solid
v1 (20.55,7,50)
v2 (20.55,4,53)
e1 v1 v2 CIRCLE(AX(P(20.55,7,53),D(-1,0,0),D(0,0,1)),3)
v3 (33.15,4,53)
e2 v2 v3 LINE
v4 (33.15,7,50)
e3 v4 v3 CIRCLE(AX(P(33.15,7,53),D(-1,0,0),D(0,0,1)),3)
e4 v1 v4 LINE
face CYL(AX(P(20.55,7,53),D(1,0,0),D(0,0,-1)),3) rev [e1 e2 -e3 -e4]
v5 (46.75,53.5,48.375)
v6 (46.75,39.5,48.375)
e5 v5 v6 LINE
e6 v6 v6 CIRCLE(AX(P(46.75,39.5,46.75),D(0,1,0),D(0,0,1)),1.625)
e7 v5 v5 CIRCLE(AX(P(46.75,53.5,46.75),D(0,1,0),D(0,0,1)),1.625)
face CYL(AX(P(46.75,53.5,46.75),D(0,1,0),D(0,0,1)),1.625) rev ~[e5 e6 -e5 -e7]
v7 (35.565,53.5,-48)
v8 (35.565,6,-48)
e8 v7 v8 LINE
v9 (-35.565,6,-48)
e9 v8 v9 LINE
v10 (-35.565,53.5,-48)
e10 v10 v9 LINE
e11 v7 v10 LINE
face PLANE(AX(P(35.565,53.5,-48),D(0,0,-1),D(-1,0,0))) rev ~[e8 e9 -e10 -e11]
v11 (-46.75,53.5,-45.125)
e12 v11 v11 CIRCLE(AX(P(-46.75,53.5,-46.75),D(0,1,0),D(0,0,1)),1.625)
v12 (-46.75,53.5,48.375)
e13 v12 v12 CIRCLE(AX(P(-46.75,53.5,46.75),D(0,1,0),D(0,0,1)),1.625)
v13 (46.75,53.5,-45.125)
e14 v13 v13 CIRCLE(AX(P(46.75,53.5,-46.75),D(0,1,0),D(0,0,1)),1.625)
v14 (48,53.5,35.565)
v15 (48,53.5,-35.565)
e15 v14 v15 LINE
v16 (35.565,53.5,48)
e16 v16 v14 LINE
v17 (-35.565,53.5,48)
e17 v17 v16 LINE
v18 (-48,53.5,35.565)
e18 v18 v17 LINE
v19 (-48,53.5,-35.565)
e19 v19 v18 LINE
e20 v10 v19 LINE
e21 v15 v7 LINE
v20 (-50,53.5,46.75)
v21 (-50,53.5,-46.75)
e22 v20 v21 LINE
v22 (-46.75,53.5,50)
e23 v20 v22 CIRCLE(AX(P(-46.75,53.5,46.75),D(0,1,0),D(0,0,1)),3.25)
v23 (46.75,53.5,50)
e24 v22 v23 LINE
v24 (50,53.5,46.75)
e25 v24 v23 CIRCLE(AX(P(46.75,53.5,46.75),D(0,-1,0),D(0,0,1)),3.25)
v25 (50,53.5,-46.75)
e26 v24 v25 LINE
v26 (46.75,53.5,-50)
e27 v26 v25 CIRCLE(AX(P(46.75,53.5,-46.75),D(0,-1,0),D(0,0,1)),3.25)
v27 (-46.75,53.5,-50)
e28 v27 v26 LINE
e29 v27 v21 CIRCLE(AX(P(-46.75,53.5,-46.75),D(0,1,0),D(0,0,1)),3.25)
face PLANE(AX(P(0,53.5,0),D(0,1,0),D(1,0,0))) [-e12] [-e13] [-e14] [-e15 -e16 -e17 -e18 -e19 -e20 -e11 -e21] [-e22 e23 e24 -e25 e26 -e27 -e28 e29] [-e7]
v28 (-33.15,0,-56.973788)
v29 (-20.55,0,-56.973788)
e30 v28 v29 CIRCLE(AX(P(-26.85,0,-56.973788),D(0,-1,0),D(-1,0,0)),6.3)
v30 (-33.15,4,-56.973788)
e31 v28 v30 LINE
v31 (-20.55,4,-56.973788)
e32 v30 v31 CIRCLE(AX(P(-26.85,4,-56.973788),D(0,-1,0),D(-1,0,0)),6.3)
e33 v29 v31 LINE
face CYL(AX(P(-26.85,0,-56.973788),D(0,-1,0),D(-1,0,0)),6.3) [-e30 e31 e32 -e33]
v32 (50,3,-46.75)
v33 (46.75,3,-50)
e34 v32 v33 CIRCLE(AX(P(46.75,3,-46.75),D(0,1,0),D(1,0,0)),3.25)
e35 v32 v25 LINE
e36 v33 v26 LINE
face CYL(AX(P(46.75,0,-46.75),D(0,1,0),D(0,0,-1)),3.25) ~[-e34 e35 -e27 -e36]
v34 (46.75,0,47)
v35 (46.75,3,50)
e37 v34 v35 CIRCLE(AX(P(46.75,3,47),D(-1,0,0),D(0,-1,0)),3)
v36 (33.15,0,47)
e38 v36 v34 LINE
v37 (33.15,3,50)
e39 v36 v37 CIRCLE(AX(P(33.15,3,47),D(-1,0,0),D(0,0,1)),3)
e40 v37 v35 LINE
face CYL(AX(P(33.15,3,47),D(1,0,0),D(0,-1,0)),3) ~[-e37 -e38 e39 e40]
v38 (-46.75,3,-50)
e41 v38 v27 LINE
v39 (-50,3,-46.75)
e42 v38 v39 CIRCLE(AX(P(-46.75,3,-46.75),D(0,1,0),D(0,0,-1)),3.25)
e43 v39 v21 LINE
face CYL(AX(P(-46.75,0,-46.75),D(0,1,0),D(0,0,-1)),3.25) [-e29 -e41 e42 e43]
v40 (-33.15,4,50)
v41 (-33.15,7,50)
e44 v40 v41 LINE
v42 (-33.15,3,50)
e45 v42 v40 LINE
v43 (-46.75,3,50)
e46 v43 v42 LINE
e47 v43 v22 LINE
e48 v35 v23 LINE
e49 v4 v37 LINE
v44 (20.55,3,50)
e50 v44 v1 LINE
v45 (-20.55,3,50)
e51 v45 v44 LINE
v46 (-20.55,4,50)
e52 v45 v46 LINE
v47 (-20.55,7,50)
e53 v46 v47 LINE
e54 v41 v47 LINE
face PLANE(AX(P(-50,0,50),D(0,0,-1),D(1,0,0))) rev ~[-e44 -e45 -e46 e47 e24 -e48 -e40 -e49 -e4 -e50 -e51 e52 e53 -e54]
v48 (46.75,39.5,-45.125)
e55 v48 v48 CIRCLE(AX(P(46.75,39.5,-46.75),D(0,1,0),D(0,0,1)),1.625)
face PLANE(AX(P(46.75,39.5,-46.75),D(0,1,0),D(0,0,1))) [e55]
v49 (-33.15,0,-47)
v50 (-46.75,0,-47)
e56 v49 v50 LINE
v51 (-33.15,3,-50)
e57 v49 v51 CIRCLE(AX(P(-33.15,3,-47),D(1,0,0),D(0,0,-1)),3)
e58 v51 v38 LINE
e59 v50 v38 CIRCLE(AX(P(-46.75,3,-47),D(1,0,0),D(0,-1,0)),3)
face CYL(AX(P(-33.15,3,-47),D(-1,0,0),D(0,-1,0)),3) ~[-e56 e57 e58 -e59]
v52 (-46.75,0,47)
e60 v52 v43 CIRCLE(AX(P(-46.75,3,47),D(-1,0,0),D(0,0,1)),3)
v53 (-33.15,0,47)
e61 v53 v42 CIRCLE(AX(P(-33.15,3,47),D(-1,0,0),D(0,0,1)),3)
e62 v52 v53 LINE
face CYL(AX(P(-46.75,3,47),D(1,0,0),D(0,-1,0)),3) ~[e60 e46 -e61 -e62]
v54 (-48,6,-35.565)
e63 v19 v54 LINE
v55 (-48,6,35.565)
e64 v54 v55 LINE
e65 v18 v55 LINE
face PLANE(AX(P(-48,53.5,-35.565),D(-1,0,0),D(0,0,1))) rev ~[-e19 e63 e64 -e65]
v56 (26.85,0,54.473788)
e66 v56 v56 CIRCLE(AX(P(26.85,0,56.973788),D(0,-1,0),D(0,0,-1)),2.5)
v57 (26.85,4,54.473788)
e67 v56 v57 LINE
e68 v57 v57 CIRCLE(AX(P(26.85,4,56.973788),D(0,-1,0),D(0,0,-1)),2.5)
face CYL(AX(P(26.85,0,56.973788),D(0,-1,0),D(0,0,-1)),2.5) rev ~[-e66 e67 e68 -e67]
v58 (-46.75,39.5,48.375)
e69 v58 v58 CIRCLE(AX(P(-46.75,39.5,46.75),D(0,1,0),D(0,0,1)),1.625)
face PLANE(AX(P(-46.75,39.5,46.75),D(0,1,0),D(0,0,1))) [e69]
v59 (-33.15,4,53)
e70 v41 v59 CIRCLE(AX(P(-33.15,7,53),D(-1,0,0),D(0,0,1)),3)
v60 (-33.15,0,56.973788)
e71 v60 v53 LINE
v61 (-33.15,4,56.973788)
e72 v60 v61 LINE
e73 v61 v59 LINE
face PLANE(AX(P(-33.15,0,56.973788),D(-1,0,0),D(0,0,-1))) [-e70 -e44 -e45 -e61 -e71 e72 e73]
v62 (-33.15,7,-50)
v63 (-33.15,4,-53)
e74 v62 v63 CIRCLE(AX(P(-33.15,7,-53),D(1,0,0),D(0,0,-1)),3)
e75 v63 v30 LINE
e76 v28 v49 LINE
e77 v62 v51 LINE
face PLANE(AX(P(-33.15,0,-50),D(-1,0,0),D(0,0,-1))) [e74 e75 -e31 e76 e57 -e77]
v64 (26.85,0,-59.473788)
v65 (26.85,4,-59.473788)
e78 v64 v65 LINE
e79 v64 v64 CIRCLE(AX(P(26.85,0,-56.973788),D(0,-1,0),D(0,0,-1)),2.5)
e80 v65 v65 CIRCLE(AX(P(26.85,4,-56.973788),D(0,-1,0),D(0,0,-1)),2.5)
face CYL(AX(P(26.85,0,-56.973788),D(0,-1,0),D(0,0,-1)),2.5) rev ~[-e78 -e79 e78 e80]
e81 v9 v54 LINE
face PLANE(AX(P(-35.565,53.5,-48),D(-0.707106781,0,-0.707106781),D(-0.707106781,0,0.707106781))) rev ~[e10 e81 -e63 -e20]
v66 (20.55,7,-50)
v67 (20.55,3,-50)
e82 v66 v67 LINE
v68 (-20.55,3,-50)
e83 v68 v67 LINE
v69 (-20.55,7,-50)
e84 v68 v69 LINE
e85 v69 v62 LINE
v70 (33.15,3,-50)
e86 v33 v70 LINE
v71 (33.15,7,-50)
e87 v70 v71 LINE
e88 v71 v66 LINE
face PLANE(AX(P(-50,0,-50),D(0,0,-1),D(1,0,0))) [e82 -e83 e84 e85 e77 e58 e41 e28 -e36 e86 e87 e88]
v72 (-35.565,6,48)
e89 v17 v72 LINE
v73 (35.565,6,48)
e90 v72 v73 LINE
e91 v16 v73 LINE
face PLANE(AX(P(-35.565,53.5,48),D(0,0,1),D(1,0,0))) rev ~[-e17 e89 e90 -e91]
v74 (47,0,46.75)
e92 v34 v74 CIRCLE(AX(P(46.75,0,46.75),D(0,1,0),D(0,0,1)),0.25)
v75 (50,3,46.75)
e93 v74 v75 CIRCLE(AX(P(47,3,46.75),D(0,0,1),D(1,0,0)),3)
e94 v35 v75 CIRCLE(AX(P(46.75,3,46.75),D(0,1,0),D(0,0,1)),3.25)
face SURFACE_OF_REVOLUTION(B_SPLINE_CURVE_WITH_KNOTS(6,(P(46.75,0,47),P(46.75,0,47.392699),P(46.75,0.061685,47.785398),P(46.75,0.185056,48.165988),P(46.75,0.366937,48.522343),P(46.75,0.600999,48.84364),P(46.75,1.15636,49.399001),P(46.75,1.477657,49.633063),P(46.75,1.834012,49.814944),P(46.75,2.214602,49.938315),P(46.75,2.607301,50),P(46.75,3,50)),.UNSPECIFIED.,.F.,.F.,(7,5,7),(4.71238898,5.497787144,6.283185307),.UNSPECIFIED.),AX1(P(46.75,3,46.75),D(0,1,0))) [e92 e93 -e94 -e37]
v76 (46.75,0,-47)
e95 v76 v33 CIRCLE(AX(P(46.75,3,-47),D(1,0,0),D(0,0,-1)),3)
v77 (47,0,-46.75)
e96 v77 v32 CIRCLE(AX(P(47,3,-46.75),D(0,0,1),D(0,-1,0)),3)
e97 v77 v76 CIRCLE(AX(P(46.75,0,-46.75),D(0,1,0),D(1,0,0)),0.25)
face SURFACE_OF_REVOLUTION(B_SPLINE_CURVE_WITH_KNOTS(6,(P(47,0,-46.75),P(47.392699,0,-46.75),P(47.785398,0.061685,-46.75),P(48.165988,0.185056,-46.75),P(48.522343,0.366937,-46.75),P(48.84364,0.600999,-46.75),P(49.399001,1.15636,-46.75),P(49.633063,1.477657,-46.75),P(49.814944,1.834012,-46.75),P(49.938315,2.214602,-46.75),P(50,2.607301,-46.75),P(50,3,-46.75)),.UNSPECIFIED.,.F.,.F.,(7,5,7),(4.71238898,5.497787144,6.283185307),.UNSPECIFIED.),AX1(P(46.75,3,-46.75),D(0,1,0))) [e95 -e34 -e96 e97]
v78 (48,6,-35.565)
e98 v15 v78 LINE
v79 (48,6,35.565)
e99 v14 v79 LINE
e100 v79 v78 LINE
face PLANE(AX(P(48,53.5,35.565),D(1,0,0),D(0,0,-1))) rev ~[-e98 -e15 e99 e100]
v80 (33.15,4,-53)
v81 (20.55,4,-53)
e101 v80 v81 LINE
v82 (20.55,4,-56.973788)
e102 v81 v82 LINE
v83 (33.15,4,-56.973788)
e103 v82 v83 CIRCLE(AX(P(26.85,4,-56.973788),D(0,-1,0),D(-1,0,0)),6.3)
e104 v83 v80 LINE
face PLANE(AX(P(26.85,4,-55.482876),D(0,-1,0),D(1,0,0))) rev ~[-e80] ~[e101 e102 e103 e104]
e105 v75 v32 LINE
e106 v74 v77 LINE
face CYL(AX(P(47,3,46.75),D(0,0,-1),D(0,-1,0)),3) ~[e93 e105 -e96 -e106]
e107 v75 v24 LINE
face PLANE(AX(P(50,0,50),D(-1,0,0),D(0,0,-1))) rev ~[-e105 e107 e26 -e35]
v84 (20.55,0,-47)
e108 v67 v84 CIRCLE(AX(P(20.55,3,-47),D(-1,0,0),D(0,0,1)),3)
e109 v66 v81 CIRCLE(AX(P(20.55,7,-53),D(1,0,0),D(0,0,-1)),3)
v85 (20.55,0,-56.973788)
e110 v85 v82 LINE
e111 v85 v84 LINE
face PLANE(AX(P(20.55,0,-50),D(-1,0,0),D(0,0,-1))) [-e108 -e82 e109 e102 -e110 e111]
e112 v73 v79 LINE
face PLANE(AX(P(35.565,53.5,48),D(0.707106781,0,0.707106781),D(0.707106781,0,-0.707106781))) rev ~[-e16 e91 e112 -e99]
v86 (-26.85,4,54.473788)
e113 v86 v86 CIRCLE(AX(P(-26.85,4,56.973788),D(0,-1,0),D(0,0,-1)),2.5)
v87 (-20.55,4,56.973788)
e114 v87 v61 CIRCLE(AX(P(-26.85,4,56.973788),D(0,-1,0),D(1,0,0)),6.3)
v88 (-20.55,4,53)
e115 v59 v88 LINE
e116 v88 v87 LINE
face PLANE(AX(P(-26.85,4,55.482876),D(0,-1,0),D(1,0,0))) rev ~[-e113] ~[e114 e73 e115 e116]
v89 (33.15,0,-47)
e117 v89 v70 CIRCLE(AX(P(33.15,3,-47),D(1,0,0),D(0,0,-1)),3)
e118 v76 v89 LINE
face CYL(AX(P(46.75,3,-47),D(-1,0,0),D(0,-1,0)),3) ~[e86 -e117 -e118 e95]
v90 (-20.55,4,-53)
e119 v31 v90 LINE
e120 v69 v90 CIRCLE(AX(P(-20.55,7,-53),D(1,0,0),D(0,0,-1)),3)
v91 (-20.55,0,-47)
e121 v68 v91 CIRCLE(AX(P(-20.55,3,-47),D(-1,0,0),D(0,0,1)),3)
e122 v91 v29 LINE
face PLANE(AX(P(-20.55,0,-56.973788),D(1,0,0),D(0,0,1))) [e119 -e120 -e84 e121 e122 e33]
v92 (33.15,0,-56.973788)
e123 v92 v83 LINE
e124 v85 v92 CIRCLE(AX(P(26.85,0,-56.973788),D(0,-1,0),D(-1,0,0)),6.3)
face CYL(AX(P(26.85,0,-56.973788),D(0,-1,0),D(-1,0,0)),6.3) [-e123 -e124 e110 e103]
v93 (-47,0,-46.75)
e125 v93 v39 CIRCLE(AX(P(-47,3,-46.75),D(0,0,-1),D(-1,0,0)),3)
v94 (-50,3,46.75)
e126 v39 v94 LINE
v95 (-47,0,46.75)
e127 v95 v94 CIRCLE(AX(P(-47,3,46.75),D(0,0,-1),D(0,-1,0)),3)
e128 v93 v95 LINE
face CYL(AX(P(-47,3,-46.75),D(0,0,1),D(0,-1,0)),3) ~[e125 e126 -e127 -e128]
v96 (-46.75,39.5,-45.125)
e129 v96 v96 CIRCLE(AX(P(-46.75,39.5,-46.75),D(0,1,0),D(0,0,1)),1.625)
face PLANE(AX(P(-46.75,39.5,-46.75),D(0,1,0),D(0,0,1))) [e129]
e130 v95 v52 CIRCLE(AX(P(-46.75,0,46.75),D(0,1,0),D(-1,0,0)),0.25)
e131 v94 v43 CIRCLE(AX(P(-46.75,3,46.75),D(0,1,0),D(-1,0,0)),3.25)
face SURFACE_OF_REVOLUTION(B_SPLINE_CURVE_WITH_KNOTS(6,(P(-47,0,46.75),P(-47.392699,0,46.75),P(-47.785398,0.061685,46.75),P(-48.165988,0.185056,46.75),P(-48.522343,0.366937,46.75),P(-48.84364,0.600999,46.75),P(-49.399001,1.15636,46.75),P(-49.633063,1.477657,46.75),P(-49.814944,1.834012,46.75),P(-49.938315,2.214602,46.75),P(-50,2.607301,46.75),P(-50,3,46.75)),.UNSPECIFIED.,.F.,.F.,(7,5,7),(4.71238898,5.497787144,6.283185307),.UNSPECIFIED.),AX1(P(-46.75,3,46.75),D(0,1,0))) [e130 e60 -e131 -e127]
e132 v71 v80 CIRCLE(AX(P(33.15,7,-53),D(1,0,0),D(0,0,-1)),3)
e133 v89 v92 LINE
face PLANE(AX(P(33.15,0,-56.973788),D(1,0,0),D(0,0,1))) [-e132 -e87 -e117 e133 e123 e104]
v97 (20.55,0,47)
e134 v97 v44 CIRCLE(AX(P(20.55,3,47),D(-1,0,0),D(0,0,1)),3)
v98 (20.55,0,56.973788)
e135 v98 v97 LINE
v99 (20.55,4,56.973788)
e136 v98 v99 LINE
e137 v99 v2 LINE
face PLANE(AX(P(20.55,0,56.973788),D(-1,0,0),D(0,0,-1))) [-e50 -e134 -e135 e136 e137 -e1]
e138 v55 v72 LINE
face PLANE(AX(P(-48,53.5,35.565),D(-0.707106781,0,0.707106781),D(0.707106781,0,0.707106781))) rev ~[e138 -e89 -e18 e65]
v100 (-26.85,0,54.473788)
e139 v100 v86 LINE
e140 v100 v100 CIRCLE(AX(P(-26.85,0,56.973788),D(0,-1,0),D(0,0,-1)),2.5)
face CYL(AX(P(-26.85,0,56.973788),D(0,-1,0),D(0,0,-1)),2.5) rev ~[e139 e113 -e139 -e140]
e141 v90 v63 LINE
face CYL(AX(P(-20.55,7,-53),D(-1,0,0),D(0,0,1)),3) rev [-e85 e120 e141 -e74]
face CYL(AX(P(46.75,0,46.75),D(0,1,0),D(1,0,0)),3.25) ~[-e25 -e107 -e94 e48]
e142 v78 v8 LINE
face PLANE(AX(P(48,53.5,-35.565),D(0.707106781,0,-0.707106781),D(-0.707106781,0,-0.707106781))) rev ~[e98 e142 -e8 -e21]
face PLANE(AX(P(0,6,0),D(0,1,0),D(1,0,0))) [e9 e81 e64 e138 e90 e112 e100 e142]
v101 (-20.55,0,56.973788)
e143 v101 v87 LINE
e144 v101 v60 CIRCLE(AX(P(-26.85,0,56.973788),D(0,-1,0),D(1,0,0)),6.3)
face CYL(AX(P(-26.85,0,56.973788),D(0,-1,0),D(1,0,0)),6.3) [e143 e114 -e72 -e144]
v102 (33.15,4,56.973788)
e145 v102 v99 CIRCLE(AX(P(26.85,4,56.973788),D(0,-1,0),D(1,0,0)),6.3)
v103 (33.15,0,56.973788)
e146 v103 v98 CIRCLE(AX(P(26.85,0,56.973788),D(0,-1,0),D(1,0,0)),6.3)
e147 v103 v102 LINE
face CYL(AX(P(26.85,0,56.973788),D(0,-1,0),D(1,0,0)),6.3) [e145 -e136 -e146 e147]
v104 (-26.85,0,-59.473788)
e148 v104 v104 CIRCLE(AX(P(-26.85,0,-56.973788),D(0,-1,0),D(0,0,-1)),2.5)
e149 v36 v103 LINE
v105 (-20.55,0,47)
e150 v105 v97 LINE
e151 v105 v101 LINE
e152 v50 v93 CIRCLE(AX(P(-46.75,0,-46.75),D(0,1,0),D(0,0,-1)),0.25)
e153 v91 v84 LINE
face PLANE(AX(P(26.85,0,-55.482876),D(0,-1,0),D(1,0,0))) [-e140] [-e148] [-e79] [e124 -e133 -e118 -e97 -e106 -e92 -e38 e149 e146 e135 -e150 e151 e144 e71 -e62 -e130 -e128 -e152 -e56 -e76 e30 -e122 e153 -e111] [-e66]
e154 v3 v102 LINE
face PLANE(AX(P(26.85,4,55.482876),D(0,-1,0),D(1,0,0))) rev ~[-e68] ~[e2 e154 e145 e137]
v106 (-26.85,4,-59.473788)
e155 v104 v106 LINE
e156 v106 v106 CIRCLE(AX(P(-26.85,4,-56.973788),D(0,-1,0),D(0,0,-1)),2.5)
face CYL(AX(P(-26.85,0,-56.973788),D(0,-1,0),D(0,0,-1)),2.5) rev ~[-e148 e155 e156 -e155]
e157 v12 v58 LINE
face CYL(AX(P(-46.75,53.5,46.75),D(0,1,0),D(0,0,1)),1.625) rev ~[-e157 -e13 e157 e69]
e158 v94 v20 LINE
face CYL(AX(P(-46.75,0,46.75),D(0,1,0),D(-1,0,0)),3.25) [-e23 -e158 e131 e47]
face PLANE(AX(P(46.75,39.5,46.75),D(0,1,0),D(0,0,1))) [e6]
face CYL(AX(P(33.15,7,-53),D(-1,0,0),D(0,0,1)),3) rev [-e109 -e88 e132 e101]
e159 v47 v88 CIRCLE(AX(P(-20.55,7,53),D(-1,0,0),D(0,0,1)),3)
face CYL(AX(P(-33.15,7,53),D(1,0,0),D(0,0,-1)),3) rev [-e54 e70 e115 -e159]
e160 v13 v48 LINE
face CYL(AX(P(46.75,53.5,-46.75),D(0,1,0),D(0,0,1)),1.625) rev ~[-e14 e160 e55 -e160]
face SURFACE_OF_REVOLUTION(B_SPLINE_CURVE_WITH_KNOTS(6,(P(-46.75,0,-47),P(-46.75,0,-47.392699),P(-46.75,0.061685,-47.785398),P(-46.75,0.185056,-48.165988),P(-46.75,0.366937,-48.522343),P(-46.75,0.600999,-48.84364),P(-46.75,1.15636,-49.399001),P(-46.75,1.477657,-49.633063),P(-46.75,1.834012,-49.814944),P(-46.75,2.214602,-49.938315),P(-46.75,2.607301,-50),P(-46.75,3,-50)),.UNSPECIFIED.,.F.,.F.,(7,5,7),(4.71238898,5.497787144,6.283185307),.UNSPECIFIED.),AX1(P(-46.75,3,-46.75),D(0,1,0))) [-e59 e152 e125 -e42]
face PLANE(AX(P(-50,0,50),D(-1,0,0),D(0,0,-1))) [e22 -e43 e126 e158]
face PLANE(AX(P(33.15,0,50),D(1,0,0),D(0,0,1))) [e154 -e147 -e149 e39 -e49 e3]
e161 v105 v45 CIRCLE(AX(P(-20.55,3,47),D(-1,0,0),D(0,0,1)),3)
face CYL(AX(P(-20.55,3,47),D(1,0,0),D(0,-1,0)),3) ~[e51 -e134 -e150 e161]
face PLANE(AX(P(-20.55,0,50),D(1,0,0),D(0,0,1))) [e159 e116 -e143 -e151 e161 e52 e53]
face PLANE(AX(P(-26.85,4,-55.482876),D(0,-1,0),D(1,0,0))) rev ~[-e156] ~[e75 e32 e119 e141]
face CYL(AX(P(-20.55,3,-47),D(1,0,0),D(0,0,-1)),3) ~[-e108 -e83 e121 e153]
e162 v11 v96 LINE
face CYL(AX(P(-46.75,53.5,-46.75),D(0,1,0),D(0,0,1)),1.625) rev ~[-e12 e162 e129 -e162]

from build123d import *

# Parameters (mm, degrees)
SKETCH1_W           = 100
SKETCH1_H           = 100
BOSS_EXTRUDE1_DEPTH = 53.5
SKETCH2_R           = 2.5
SKETCH2_W           = 12.6
SKETCH2_H           = 3.072407599
BOSS_EXTRUDE2_DEPTH = 4
CUT_EXTRUDE1_DEPTH  = 47.5
FILLET1_R           = 3.25
FILLET2_R           = 3
SKETCH4_R           = 1.625
CUT_EXTRUDE2_DEPTH  = 14
FILLET3_R           = 3


with BuildPart() as part:
    # Sketch1 → Boss-Extrude1 (new body)
    with BuildSketch(Plane(origin=(0, 0, 0), x_dir=(1, 0, 0), z_dir=(0, 1, 0))):
        Rectangle(SKETCH1_W, SKETCH1_H)
    extrude(amount=BOSS_EXTRUDE1_DEPTH)

    # Sketch2 → Boss-Extrude2 (add)
    # profile 1 of 8: a face of its own
    with BuildSketch(Plane.XZ):
        with BuildLine():
            Line((33.15, -50), (20.55, -50))
            Line((20.55, -50), (20.55, -56.973787721))
            ThreePointArc((20.55, -56.973787721), (26.85, -63.273787721), (33.15, -56.973787721))
            Line((33.15, -56.973787721), (33.15, -50))
        make_face()
        with Locations(Location((26.85, -56.973787721, 0), (0, 0, 270))):
            Circle(SKETCH2_R, mode=Mode.SUBTRACT)
    # profile 2 of 8: a face of its own
    with BuildSketch(Plane.XZ):
        with BuildLine():
            Line((-20.55, -56.973787721), (-20.55, -50))
            Line((-20.55, -50), (-33.15, -50))
            Line((-33.15, -50), (-33.15, -56.973787721))
            ThreePointArc((-33.15, -56.973787721), (-26.85, -63.273787721), (-20.55, -56.973787721))
        make_face()
        with Locations(Location((-26.85, -56.973787721, 0), (0, 0, 270))):
            Circle(SKETCH2_R, mode=Mode.SUBTRACT)
    # profile 3 of 8: a face of its own
    with BuildSketch(Plane.XZ):
        with Locations((-26.85, 48.4637962)):
            Rectangle(SKETCH2_W, SKETCH2_H)
    # profile 4 of 8: a face of its own
    with BuildSketch(Plane.XZ):
        with BuildLine():
            Line((-33.15, 50), (-20.55, 50))
            Line((-20.55, 50), (-20.55, 56.973787721))
            ThreePointArc((-20.55, 56.973787721), (-26.85, 63.273787721), (-33.15, 56.973787721))
            Line((-33.15, 56.973787721), (-33.15, 50))
        make_face()
        with Locations(Location((-26.85, 56.973787721, 0), (0, 0, 270))):
            Circle(SKETCH2_R, mode=Mode.SUBTRACT)
    # profile 5 of 8: a face of its own
    with BuildSketch(Plane.XZ):
        with BuildLine():
            Line((20.55, 56.973787721), (20.55, 50))
            Line((20.55, 50), (33.15, 50))
            Line((33.15, 50), (33.15, 56.973787721))
            ThreePointArc((33.15, 56.973787721), (26.85, 63.273787721), (20.55, 56.973787721))
        make_face()
        with Locations(Location((26.85, 56.973787721, 0), (0, 0, 270))):
            Circle(SKETCH2_R, mode=Mode.SUBTRACT)
    # profile 6 of 8: a face of its own
    with BuildSketch(Plane.XZ):
        with Locations((26.85, 48.4637962)):
            Rectangle(SKETCH2_W, SKETCH2_H)
    # profile 7 of 8: a face of its own
    with BuildSketch(Plane.XZ):
        with Locations((26.85, -48.4637962)):
            Rectangle(SKETCH2_W, SKETCH2_H)
    # profile 8 of 8: a face of its own
    with BuildSketch(Plane.XZ):
        with Locations((-26.85, -48.4637962)):
            Rectangle(SKETCH2_W, SKETCH2_H)
    extrude(amount=-BOSS_EXTRUDE2_DEPTH)

    # Sketch3 → Cut-Extrude1 (cut)
    with BuildSketch(Plane(origin=(0, 53.5, 0), x_dir=(1, 0, 0), z_dir=(0, 1, 0))):
        Polygon((35.565, 48), (-35.565, 48), (-48, 35.565), (-48, -35.565), (-35.565, -48), (35.565, -48), (48, -35.565), (48, 35.565), align=None)
    extrude(amount=-CUT_EXTRUDE1_DEPTH, mode=Mode.SUBTRACT)

    # Fillet1
    fillet1_edges = [part.edges().sort_by_distance(p)[0] for p in [
        (50, 26.75, 50),
        (-50, 26.75, 50),
        (-50, 26.75, -50),
        (50, 26.75, -50),
    ]]
    fillet(fillet1_edges, radius=FILLET1_R)

    # Fillet2
    fillet2_edges = [part.edges().sort_by_distance(p)[0] for p in [
        (-26.85, 4, 50),
        (26.85, 4, 50),
        (26.85, 4, -50),
        (-26.85, 4, -50),
    ]]
    fillet(fillet2_edges, radius=FILLET2_R)

    # Sketch4 → Cut-Extrude2 (cut)
    with BuildSketch(Plane(origin=(0, 53.5, 0), x_dir=(1, 0, 0), z_dir=(0, 1, 0))):
        with Locations(Location((-46.75, 46.75, 0), (0, 0, 270))):
            Circle(SKETCH4_R)
        with Locations(Location((46.75, 46.75, 0), (0, 0, 270))):
            Circle(SKETCH4_R)
        with Locations(Location((46.75, -46.75, 0), (0, 0, 270))):
            Circle(SKETCH4_R)
        with Locations(Location((-46.75, -46.75, 0), (0, 0, 270))):
            Circle(SKETCH4_R)
    extrude(amount=-CUT_EXTRUDE2_DEPTH, mode=Mode.SUBTRACT)

    # Fillet3
    fillet3_edges = [part.edges().sort_by_distance(p)[0] for p in [
        (50, 0, 0),
        (39.95, 0, -50),
        (-39.95, 0, 50),
        (-50, 0, 0),
        (49.048097039, 0, -49.048097039),
        (-49.048097039, 0, -49.048097039),
        (-49.048097039, 0, 49.048097039),
        (49.048097039, 0, 49.048097039),
        (0, 0, 50),
        (39.95, 0, 50),
        (0, 0, -50),
        (-39.95, 0, -50),
    ]]
    fillet(fillet3_edges, radius=FILLET3_R)


solid = part.part
